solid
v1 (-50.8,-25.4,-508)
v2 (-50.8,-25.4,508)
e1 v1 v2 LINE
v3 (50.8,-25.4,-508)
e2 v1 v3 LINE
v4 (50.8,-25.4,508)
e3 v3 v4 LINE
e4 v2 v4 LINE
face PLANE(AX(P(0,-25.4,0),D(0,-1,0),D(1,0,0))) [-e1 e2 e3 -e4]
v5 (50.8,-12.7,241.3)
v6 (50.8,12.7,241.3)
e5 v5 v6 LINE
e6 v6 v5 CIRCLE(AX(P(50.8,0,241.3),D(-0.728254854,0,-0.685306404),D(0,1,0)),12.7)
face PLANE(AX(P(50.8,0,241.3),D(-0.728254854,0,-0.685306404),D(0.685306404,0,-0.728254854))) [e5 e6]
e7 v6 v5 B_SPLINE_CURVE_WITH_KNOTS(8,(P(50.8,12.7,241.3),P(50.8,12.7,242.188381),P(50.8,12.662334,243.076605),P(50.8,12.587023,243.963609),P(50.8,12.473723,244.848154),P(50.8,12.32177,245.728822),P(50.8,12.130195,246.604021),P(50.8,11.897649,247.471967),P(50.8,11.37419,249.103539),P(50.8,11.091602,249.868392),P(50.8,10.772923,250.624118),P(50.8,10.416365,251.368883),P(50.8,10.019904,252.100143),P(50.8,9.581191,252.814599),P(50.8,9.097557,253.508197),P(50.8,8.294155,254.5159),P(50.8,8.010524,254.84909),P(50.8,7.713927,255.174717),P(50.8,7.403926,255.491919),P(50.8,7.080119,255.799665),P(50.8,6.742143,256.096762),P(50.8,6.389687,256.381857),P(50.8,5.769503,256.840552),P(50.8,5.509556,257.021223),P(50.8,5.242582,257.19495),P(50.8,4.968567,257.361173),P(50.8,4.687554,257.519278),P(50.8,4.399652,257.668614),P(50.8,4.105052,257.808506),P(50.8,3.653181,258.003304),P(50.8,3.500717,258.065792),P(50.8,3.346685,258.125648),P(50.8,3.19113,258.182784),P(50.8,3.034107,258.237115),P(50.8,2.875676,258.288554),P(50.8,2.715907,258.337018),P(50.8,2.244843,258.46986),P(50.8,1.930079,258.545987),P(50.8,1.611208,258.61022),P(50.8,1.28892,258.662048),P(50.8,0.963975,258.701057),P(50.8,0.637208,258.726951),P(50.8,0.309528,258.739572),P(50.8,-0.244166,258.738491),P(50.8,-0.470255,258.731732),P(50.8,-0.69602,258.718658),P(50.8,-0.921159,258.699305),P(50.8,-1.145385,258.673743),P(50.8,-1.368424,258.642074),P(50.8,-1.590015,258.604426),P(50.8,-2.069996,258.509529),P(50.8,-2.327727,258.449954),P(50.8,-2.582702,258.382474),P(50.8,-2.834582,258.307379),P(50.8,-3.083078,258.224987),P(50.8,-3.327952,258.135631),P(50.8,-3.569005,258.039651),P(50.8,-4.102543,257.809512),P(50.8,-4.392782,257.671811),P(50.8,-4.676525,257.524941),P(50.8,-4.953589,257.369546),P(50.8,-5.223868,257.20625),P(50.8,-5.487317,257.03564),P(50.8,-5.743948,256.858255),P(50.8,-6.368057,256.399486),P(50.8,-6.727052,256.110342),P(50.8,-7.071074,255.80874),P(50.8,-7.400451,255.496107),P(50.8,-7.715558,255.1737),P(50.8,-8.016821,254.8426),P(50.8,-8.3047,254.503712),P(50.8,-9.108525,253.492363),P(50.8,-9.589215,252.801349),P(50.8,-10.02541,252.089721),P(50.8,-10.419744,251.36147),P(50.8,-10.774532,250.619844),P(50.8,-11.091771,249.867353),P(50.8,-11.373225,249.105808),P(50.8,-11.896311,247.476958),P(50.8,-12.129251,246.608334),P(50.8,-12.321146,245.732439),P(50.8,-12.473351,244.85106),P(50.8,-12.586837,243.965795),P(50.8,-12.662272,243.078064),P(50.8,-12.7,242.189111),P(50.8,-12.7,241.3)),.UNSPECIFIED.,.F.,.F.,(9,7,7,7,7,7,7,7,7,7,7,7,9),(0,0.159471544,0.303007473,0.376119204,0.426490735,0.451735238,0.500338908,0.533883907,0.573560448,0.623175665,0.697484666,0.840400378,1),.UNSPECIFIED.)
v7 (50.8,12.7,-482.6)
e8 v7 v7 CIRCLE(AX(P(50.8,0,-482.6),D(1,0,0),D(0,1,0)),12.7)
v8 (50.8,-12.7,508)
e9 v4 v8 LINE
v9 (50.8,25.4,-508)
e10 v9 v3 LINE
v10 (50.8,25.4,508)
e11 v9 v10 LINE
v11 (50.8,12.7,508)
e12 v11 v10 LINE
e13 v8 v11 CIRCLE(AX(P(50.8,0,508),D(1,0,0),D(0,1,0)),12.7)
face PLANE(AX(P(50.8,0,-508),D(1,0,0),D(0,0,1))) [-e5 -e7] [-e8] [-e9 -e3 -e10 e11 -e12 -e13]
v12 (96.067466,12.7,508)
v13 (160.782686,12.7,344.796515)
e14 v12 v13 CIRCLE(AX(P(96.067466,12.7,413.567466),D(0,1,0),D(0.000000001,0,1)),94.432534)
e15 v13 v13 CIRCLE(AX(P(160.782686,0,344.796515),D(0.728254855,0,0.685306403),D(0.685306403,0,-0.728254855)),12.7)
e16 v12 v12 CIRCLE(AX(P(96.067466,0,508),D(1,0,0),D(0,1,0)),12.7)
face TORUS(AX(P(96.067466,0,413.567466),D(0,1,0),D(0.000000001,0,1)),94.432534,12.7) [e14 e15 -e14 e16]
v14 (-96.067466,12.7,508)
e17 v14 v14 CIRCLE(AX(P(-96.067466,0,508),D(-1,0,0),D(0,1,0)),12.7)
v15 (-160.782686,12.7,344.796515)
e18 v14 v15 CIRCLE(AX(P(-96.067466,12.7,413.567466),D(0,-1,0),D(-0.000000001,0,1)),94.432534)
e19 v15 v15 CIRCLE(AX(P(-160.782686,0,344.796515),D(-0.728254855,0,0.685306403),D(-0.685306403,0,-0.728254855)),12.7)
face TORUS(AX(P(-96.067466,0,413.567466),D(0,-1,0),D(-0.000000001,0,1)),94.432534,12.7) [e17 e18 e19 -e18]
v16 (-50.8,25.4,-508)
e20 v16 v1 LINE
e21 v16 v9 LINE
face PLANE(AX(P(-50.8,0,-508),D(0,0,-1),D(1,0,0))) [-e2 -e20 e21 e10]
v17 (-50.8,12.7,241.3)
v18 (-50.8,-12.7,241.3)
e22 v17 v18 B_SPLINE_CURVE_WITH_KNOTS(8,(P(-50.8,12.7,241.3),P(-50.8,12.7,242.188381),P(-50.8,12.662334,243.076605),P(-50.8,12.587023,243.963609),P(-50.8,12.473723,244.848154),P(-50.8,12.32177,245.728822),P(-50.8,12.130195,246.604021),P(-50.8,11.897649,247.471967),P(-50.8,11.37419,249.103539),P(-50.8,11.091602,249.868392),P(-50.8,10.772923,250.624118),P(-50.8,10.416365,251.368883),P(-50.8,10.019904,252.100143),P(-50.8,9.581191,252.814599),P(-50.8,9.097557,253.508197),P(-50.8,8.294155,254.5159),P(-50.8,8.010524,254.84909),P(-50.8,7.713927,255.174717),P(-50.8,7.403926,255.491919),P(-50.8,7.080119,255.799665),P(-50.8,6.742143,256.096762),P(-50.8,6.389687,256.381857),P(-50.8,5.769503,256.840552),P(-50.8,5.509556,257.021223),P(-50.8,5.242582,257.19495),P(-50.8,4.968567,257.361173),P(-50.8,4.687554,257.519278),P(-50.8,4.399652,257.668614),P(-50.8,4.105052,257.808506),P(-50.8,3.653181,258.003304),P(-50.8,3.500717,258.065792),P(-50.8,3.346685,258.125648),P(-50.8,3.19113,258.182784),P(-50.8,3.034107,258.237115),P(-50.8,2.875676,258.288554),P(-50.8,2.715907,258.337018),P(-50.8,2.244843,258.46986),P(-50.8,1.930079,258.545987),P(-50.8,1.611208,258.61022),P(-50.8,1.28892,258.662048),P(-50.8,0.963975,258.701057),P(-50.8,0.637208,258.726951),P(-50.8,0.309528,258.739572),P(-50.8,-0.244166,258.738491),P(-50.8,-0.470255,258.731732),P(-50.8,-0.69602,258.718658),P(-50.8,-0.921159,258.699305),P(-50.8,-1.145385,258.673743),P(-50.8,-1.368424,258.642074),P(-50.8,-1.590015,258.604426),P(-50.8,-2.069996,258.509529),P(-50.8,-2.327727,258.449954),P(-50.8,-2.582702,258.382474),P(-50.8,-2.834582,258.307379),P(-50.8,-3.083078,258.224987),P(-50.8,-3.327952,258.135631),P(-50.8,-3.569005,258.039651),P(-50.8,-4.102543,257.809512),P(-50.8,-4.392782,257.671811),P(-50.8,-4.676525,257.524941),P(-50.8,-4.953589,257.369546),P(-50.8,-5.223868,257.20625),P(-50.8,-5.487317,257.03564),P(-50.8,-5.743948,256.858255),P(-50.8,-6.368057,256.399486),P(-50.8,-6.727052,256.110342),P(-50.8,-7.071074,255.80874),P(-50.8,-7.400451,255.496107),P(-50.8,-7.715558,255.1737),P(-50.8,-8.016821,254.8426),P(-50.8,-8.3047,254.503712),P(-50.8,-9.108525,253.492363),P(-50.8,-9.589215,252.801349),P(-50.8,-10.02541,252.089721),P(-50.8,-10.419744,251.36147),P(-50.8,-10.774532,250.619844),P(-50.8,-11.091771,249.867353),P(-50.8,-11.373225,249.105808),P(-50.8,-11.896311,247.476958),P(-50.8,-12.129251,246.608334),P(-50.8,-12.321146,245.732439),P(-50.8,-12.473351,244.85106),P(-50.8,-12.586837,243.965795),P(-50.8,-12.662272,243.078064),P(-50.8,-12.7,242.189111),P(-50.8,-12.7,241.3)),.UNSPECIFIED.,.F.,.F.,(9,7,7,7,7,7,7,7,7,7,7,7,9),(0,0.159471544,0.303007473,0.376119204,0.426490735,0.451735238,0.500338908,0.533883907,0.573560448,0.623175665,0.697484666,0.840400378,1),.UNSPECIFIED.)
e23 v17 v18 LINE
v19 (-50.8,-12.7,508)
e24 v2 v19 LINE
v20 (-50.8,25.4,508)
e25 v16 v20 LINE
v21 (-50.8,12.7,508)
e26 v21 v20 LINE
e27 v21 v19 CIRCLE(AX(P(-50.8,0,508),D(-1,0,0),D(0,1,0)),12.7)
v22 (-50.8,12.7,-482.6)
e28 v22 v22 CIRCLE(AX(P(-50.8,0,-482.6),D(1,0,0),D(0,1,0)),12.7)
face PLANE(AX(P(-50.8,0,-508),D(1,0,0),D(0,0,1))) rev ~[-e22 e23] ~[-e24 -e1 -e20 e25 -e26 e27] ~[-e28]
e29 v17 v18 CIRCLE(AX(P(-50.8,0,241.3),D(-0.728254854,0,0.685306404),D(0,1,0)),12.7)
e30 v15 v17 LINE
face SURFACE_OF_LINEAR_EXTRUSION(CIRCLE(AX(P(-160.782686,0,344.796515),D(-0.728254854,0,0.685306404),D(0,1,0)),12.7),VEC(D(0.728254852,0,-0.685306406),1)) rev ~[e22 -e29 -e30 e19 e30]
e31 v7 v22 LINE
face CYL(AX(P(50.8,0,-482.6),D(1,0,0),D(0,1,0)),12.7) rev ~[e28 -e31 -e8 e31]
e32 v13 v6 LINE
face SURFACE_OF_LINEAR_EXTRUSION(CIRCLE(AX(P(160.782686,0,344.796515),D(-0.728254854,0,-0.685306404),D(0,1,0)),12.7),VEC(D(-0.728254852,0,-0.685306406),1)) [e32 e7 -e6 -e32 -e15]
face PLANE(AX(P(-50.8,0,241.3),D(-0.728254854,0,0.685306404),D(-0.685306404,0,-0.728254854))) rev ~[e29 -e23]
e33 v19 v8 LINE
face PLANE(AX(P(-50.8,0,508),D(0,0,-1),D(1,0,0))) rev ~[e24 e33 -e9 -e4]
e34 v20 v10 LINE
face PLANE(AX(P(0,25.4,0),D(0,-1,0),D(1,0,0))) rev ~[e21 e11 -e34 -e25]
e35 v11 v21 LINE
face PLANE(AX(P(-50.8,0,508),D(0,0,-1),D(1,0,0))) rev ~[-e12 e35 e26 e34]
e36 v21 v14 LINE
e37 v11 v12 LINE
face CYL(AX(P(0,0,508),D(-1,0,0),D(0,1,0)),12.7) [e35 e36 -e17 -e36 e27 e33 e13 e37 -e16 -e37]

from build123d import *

# Parameters (mm, degrees)
F0_W     = 101.6
F0_H     = 1016
F1_DEPTH = 25.4
F3_R     = 12.7
F6_R     = 12.7
F7_DEPTH = 254.001


with BuildPart() as f1:
    # F0 (on Front) → F1 (new body, symmetric)
    with BuildSketch(Plane.XZ):
        Rectangle(F0_W, F0_H)
    extrude(amount=F1_DEPTH, both=True)

    # F4: sweep along a path in F2
    with BuildLine(Plane.XZ) as f4_path:
        Line((0, 508), (96.067466, 508))
        ThreePointArc((96.067466, 508), (183.85049, 448.376145), (160.782686, 344.796515))
        Line((160.782686, 344.796515), (50.8, 241.3))
    # F3 (on Right) → F4 (sweep)
    with BuildSketch(Plane.YZ):
        with Locations((0, 508)):
            Circle(F3_R)
    sweep(path=f4_path.line)

    # F5: sweep along a path in F2
    with BuildLine(Plane.XZ) as f5_path:
        Line((0, 508), (-96.067466, 508))
        ThreePointArc((-96.067466, 508), (-183.85049, 448.376145), (-160.782686, 344.796515))
        Line((-160.782686, 344.796515), (-50.8, 241.3))
    # F3 (on Right) → F5 (sweep)
    with BuildSketch(Plane.YZ):
        with Locations((0, 508)):
            Circle(F3_R)
    sweep(path=f5_path.line)

    # F6 (on face) → F7 (cut, through all)
    with BuildSketch(Plane.YZ.offset(50.8)):
        with Locations((0, -482.6)):
            Circle(F6_R)
    extrude(amount=-F7_DEPTH, mode=Mode.SUBTRACT)


solid = f1.part
